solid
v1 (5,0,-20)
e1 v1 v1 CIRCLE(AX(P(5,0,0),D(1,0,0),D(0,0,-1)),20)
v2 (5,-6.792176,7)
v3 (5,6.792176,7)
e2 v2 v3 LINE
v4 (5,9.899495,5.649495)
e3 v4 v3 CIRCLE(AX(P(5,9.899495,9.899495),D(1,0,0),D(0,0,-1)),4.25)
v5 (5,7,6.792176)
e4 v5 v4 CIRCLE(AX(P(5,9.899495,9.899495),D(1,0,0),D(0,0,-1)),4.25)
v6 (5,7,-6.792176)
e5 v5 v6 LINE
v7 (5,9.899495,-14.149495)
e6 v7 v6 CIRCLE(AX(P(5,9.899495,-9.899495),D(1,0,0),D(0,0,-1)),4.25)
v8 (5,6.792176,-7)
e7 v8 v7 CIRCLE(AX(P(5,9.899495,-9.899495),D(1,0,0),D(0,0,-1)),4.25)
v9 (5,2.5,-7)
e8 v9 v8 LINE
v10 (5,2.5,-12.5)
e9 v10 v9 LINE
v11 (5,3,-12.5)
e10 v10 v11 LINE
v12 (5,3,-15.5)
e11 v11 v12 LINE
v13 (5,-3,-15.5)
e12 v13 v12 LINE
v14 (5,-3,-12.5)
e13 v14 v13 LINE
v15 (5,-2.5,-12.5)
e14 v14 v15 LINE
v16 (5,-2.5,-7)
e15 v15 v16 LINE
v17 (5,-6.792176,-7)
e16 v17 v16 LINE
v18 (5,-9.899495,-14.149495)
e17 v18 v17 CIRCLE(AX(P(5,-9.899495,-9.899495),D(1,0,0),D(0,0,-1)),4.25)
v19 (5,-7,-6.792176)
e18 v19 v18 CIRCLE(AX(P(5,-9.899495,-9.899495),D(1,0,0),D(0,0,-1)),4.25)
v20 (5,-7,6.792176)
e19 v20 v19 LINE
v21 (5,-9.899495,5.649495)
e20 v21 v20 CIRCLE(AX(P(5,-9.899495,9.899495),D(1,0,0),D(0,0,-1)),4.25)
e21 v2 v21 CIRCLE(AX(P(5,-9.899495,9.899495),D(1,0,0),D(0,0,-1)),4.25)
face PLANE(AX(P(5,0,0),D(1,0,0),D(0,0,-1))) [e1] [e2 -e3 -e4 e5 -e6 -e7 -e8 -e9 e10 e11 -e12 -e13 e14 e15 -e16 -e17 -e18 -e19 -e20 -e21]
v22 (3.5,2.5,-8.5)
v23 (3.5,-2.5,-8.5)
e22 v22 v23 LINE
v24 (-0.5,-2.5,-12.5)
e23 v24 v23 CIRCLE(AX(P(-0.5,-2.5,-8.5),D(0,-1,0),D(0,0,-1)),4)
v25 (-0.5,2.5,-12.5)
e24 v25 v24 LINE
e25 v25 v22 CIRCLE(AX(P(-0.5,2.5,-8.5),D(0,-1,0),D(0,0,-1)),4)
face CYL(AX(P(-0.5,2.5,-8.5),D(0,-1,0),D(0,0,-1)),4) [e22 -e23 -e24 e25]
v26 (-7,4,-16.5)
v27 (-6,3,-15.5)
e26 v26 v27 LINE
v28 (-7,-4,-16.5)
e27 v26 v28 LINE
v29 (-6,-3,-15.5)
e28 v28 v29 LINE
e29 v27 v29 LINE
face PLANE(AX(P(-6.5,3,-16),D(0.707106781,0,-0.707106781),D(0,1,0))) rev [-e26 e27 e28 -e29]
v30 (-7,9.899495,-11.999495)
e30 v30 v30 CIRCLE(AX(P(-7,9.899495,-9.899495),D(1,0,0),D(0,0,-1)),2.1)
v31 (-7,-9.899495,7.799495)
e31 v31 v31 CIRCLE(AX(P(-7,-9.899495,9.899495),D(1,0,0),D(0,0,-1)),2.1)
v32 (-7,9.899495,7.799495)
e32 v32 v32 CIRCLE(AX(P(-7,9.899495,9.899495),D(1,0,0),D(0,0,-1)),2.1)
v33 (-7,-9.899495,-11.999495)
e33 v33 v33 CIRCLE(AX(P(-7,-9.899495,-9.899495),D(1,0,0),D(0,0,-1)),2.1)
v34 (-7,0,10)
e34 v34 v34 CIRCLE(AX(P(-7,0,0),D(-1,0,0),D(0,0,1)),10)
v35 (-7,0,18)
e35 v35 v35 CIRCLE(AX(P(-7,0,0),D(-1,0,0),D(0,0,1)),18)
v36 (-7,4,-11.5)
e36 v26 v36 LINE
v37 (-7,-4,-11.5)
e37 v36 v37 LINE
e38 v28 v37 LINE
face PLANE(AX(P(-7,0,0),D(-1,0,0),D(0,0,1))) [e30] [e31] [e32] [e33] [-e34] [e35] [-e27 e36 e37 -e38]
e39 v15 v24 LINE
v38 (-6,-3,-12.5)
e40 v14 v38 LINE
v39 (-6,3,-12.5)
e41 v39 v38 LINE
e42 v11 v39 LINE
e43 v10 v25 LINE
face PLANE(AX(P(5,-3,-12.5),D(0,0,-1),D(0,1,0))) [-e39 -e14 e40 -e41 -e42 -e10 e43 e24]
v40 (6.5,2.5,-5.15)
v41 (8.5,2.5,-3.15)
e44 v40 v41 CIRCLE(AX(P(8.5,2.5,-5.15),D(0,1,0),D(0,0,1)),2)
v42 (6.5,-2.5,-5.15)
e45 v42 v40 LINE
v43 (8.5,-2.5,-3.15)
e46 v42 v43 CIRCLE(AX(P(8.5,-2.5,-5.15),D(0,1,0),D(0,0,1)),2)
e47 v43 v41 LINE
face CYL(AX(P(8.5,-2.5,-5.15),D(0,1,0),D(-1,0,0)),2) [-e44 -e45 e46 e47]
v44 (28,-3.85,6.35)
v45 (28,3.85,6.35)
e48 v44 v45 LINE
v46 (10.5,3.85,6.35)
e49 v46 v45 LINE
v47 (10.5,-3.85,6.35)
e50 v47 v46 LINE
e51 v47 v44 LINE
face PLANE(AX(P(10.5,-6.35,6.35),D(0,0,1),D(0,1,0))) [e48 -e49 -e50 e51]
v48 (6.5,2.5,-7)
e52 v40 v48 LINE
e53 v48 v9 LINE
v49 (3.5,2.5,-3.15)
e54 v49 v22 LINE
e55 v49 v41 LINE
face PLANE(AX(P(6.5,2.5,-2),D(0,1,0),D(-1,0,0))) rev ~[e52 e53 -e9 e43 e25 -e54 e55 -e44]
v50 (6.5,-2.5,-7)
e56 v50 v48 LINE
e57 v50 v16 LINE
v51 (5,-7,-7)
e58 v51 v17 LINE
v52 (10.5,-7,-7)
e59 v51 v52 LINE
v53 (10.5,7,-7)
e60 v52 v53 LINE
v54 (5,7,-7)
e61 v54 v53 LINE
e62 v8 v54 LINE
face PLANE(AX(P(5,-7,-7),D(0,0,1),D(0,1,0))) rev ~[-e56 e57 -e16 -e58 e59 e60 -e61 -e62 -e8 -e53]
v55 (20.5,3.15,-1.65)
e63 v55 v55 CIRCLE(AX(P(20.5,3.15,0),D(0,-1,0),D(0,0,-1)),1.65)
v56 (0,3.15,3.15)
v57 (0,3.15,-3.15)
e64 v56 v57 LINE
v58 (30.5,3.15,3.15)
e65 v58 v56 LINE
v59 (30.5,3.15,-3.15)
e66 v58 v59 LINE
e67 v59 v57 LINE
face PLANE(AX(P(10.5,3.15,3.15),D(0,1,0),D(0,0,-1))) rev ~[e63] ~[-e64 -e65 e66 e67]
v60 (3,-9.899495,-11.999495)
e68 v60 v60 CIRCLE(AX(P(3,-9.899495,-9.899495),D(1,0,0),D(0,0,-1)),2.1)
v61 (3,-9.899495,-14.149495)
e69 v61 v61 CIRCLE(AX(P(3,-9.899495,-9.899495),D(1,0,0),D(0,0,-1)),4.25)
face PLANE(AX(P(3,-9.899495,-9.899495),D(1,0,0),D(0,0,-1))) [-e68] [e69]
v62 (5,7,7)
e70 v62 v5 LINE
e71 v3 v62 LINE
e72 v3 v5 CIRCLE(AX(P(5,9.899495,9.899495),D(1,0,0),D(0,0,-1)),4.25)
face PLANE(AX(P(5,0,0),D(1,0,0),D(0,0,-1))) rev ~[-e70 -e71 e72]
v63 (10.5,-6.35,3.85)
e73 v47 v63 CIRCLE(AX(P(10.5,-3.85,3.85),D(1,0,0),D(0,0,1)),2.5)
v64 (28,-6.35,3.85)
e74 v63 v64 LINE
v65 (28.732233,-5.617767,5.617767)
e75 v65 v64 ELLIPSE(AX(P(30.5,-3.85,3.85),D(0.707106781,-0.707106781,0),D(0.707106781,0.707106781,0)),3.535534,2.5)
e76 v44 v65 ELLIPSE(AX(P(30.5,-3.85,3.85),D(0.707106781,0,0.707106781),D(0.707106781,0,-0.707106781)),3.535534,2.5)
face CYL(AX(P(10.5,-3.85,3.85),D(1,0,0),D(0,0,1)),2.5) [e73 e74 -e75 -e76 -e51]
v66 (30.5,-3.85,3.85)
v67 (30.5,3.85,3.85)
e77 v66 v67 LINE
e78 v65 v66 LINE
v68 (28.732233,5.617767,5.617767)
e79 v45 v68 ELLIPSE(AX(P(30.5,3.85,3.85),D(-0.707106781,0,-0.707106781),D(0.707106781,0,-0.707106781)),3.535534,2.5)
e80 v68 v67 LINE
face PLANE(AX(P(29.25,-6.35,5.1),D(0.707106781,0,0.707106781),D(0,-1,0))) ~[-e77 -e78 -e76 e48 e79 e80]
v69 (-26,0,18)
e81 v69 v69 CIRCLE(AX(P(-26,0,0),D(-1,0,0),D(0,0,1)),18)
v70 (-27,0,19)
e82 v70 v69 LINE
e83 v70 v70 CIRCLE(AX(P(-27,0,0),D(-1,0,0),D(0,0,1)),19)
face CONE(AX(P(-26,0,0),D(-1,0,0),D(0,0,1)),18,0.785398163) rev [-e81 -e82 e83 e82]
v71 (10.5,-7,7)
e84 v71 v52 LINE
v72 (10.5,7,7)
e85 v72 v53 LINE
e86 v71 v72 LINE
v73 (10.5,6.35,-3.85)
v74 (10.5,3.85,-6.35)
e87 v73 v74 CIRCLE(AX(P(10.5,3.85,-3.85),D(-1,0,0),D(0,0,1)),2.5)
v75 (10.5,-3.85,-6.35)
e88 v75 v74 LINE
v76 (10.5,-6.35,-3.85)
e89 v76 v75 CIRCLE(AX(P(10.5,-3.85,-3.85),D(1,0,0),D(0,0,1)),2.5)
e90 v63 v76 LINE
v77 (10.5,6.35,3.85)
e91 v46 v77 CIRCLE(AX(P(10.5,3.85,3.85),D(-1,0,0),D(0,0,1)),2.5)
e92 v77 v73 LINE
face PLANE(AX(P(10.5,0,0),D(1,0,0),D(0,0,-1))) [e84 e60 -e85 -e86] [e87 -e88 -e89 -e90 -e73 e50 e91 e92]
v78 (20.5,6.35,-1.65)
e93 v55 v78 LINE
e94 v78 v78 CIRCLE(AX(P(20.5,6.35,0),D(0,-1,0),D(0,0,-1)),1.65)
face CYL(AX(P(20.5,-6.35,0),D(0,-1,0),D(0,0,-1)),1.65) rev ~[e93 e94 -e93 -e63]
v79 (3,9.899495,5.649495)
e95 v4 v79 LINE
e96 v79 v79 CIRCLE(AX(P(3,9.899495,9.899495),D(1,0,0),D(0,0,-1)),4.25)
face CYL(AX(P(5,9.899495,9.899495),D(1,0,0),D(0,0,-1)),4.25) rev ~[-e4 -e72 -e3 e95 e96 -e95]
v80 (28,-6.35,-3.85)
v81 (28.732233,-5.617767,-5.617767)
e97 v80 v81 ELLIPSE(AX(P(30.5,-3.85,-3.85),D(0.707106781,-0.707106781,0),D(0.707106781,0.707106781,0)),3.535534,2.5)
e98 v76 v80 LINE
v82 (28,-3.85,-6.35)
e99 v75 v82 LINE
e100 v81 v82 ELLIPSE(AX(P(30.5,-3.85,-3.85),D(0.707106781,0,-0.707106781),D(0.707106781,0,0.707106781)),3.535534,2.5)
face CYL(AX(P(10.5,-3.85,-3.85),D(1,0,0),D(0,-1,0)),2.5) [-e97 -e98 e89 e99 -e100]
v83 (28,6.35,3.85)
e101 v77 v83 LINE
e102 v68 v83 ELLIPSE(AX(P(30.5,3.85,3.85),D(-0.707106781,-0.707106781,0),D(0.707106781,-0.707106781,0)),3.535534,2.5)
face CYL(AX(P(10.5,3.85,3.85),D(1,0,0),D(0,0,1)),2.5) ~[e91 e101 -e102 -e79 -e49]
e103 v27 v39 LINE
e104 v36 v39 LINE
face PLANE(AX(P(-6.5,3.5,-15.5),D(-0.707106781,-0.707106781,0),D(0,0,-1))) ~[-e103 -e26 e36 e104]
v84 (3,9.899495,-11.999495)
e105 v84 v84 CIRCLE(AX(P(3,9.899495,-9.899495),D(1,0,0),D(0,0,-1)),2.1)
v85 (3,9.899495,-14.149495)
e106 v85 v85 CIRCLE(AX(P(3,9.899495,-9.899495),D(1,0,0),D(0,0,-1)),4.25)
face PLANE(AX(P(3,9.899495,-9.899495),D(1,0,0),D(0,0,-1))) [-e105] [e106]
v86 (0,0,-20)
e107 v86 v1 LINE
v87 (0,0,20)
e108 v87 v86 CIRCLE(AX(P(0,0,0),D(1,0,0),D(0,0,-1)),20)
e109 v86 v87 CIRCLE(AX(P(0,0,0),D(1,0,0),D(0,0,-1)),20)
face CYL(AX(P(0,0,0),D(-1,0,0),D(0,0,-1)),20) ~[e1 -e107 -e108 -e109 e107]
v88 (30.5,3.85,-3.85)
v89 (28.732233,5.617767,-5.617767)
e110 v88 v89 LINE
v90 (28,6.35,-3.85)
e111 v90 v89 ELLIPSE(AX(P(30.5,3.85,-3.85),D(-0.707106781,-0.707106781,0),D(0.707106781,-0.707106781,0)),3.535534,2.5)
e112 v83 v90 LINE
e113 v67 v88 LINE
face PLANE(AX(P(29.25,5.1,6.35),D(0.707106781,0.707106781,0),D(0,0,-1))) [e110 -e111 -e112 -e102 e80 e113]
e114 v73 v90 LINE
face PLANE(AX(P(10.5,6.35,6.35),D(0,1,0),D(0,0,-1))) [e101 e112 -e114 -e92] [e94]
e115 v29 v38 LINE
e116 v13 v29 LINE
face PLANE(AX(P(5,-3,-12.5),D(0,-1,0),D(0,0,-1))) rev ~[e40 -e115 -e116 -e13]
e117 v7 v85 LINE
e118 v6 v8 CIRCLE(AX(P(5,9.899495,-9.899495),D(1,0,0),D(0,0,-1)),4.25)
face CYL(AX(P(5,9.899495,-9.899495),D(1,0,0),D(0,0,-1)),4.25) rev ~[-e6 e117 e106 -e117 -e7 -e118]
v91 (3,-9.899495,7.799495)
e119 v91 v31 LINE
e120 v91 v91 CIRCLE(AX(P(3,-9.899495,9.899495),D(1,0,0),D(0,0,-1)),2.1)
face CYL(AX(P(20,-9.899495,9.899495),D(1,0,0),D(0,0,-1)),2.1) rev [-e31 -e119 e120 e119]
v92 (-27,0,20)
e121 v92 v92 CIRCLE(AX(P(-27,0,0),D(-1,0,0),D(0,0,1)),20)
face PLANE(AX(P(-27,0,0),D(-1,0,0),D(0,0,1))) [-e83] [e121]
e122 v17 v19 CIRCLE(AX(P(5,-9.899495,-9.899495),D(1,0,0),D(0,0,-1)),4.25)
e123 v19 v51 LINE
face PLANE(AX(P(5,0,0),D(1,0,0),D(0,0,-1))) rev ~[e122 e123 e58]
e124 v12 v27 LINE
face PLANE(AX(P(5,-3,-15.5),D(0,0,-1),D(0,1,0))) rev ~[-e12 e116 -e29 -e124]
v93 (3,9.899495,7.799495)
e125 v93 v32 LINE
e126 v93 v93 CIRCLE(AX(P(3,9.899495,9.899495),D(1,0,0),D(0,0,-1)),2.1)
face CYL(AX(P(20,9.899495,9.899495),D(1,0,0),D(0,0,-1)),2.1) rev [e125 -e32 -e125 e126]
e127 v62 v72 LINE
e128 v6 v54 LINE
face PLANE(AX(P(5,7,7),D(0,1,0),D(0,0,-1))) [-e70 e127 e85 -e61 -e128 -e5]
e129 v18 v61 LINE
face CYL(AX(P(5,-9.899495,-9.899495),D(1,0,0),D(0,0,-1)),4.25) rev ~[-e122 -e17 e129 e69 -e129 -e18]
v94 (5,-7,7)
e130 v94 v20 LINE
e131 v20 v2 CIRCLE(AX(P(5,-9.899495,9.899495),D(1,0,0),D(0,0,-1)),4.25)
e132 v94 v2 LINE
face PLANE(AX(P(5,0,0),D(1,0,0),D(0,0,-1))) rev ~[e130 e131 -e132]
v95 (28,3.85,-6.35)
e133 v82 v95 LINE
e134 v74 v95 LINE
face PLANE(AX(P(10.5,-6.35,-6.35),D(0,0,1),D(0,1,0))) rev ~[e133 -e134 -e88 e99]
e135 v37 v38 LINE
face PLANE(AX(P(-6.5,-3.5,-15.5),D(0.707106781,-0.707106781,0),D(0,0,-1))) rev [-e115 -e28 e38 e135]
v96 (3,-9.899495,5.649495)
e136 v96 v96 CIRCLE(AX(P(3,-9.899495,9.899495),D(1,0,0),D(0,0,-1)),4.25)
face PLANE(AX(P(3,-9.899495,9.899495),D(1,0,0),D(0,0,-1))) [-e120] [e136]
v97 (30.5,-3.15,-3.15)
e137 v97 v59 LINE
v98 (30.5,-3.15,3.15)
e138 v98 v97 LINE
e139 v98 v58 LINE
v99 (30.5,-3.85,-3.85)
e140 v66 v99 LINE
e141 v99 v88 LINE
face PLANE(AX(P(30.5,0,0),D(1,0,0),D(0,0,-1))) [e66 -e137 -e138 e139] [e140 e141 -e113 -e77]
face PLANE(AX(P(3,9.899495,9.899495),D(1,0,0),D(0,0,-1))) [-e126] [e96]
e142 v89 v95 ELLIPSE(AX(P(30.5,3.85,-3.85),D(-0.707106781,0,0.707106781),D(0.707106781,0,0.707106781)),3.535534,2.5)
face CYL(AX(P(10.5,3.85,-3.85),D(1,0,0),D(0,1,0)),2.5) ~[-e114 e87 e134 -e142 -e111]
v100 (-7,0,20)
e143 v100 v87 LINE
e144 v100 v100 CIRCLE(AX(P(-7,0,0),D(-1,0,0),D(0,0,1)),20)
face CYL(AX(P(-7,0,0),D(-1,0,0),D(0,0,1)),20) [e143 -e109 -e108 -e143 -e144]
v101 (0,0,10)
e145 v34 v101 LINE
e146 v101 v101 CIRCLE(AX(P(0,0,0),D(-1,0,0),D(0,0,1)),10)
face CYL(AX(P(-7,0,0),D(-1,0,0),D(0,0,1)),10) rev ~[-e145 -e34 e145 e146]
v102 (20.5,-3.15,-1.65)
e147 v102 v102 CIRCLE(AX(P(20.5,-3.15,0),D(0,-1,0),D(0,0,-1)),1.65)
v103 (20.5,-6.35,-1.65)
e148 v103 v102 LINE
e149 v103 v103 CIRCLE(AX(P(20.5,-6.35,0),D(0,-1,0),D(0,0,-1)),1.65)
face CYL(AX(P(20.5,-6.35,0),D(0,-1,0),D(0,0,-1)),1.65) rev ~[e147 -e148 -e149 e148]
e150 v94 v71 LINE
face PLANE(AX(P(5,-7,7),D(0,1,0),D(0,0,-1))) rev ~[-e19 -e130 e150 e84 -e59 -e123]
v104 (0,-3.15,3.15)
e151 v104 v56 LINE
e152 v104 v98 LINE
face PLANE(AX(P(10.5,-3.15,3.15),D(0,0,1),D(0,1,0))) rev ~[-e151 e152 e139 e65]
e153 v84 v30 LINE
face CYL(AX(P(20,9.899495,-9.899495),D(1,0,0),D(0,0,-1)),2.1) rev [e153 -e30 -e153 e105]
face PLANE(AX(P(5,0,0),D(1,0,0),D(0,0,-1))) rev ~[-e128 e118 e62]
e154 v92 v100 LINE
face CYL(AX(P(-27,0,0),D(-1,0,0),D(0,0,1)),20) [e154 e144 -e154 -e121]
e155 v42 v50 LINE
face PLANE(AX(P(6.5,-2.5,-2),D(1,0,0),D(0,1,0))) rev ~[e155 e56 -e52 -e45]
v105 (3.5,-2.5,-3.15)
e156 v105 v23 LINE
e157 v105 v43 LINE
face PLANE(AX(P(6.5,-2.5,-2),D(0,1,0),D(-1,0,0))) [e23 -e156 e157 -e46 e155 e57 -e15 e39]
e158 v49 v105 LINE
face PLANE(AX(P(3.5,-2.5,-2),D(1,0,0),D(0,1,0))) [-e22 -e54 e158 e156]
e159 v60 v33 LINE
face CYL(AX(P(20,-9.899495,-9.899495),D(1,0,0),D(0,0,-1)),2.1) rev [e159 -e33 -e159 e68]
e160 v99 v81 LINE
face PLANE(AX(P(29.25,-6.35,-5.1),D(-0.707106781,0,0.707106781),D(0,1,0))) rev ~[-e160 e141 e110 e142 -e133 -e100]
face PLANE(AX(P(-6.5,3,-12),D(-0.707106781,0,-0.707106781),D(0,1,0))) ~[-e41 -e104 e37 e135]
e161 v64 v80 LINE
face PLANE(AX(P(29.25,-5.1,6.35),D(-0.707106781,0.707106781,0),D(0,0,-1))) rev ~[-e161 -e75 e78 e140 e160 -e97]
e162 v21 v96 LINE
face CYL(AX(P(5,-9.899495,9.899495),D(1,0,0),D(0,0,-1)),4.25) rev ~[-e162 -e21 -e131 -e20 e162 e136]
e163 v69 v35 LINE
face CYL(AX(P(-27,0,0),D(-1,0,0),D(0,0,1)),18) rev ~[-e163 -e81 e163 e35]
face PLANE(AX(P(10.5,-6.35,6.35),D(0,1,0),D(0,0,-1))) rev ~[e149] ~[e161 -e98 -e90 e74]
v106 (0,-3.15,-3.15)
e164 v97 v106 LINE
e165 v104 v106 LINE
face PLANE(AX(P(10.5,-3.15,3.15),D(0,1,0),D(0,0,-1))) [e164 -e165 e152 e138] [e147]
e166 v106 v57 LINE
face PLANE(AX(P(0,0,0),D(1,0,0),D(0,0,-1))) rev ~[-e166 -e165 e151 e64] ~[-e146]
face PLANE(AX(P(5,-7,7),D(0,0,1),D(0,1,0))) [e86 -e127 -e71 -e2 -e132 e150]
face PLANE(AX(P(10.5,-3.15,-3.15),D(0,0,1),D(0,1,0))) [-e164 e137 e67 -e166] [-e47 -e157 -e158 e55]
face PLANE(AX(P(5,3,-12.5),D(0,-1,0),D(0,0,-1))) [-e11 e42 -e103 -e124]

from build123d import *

# Parameters (mm, degrees)
SKETCH_1_R               = 20
EXTRUDE_1_DEPTH          = 5
SKETCH_2_W               = 6.3
SKETCH_2_H               = 6.3
CUT_EXTRUDE_1_DEPTH      = 5
EXTRUDE_START            = 7
SKETCH_4_R               = 20
SKETCH_4_R_2             = 10
EXTRUDE_2_DEPTH          = 7
CUT_EXTRUDE_2_DEPTH      = 20
CUT_EXTRUDE_2_DEPTH_BACK = 20
SKETCH_3_R               = 2.1
SKETCH_5_W               = 3
SKETCH_5_H               = 6
CUT_EXTRUDE_3_DEPTH      = 13
CHAMFER_1_SIZE           = 1
EXTRUDE_START_2          = 20
SKETCH_6_R               = 20
SKETCH_6_R_2             = 18
EXTRUDE_3_DEPTH          = 20
CHAMFER_2_SIZE           = 1
SKETCH_7_R               = 4.25
CUT_EXTRUDE_4_DEPTH      = 2
SKETCH_8_W               = 14
SKETCH_8_H               = 14
EXTRUDE_4_DEPTH          = 5.5
SKETCH_9_W               = 6.3
SKETCH_9_H               = 6.3
CUT_EXTRUDE_5_DEPTH      = 10
CUT_EXTRUDE_6_DEPTH      = 6
CUT_EXTRUDE_6_DEPTH_BACK = 5
SKETCH_10_W              = 3
SKETCH_10_H              = 5
FILLET_1_R               = 4
FILLET_2_R               = 2
SKETCH_11_W              = 12.7
SKETCH_11_H              = 12.7
SKETCH_11_W_2            = 6.3
SKETCH_11_H_2            = 6.3
EXTRUDE_5_DEPTH          = 20
CHAMFER_3_SIZE           = 2.5
SKETCH_12_R              = 1.65
CUT_EXTRUDE_7_DEPTH      = 20
FILLET_3_R               = 2.5


with BuildPart() as part:
    # 草图1 → 凸台-拉伸1 (new body)
    with BuildSketch(Plane(origin=(0, 0, 0), x_dir=(0, 0, -1), z_dir=(1, 0, 0))):
        Circle(SKETCH_1_R)
    extrude(amount=EXTRUDE_1_DEPTH)

    # 草图2 → 切除-拉伸1 (cut)
    with BuildSketch(Plane(origin=(5, 0, 0), x_dir=(0, 0, -1), z_dir=(1, 0, 0))):
        Rectangle(SKETCH_2_W, SKETCH_2_H)
    extrude(amount=-CUT_EXTRUDE_1_DEPTH, mode=Mode.SUBTRACT)

    # 草图4 → 凸台-拉伸2 (add)
    with BuildSketch(Plane.ZY.offset(EXTRUDE_START)):
        Circle(SKETCH_4_R)
        Circle(SKETCH_4_R_2, mode=Mode.SUBTRACT)
    extrude(amount=-EXTRUDE_2_DEPTH)

    # 草图3 → 切除-拉伸2 (cut, two sides: drawn at the far end of the back side and taken through both)
    with BuildSketch(Plane.ZY.offset(-CUT_EXTRUDE_2_DEPTH_BACK)):
        with Locations(Location((9.899494937, -9.899494937, 0), (0, 0, 180))):
            Circle(SKETCH_3_R)
        with Locations(Location((-9.899494937, -9.899494937, 0), (0, 0, 180))):
            Circle(SKETCH_3_R)
        with Locations(Location((-9.899494937, 9.899494937, 0), (0, 0, 180))):
            Circle(SKETCH_3_R)
        with Locations(Location((9.899494937, 9.899494937, 0), (0, 0, 180))):
            Circle(SKETCH_3_R)
    extrude(amount=CUT_EXTRUDE_2_DEPTH + CUT_EXTRUDE_2_DEPTH_BACK, mode=Mode.SUBTRACT)

    # 草图5 → 切除-拉伸3 (cut)
    with BuildSketch(Plane(origin=(5, 0, 0), x_dir=(0, 0, -1), z_dir=(1, 0, 0))):
        with Locations((14, 0)):
            Rectangle(SKETCH_5_W, SKETCH_5_H)
    extrude(amount=-CUT_EXTRUDE_3_DEPTH, mode=Mode.SUBTRACT)

    # 倒角1
    chamfer_1_edges = [part.edges().sort_by_distance(p)[0] for p in [
        (-7, -3, -14),
        (-7, 0, -15.5),
        (-7, 3, -14),
        (-7, 0, -12.5),
    ]]
    chamfer(chamfer_1_edges, length=CHAMFER_1_SIZE)

    # 草图6 → 凸台-拉伸3 (add)
    with BuildSketch(Plane.ZY.offset(7).offset(EXTRUDE_START_2)):
        Circle(SKETCH_6_R)
        Circle(SKETCH_6_R_2, mode=Mode.SUBTRACT)
    extrude(amount=-EXTRUDE_3_DEPTH)

    # 倒角2
    chamfer_2_edges = [part.edges().sort_by_distance(p)[0] for p in [
        (-27, 0, -18),
    ]]
    chamfer(chamfer_2_edges, length=CHAMFER_2_SIZE)

    # 草图7 → 切除-拉伸4 (cut)
    with BuildSketch(Plane(origin=(5, 0, 0), x_dir=(0, 0, -1), z_dir=(1, 0, 0))):
        with Locations((-9.899494937, 9.899494937)):
            Circle(SKETCH_7_R)
        with Locations((9.899494937, 9.899494937)):
            Circle(SKETCH_7_R)
        with Locations((9.899494937, -9.899494937)):
            Circle(SKETCH_7_R)
        with Locations((-9.899494937, -9.899494937)):
            Circle(SKETCH_7_R)
    extrude(amount=-CUT_EXTRUDE_4_DEPTH, mode=Mode.SUBTRACT)

    # 草图8 → 凸台-拉伸4 (add)
    with BuildSketch(Plane(origin=(5, 0, 0), x_dir=(0, 0, -1), z_dir=(1, 0, 0))):
        Rectangle(SKETCH_8_W, SKETCH_8_H)
    extrude(amount=EXTRUDE_4_DEPTH)

    # 草图9 → 切除-拉伸5 (cut)
    with BuildSketch(Plane.ZY.offset(-5)):
        Rectangle(SKETCH_9_W, SKETCH_9_H)
    extrude(amount=-CUT_EXTRUDE_5_DEPTH, mode=Mode.SUBTRACT)

    # 草图10 → 切除-拉伸6 (cut, two sides: drawn at the far end of the back side and taken through both)
    with BuildSketch(Plane(origin=(0, 0, -7), x_dir=(-1, 0, 0), z_dir=(0, 0, -1)).offset(-CUT_EXTRUDE_6_DEPTH_BACK)):
        with Locations((-5, 0)):
            Rectangle(SKETCH_10_W, SKETCH_10_H)
    extrude(amount=CUT_EXTRUDE_6_DEPTH + CUT_EXTRUDE_6_DEPTH_BACK, mode=Mode.SUBTRACT)

    # 圆角1
    fillet_1_edges = [part.edges().sort_by_distance(p)[0] for p in [
        (3.5, 0, -12.5),
    ]]
    fillet(fillet_1_edges, radius=FILLET_1_R)

    # 圆角2
    fillet_2_edges = [part.edges().sort_by_distance(p)[0] for p in [
        (6.5, 0, -3.15),
    ]]
    fillet(fillet_2_edges, radius=FILLET_2_R)

    # 草图11 → 凸台-拉伸5 (add)
    with BuildSketch(Plane(origin=(10.5, 0, 0), x_dir=(0, 0, -1), z_dir=(1, 0, 0))):
        Rectangle(SKETCH_11_W, SKETCH_11_H)
        Rectangle(SKETCH_11_W_2, SKETCH_11_H_2, mode=Mode.SUBTRACT)
    extrude(amount=EXTRUDE_5_DEPTH)

    # 倒角3
    chamfer_3_edges = [part.edges().sort_by_distance(p)[0] for p in [
        (30.5, 0, 6.35),
        (30.5, -6.35, 0),
        (30.5, 0, -6.35),
        (30.5, 6.35, 0),
    ]]
    chamfer(chamfer_3_edges, length=CHAMFER_3_SIZE)

    # 草图12 → 切除-拉伸7 (cut)
    with BuildSketch(Plane.XZ.offset(6.35)):
        with Locations(Location((20.5, 0, 0), (0, 0, 270))):
            Circle(SKETCH_12_R)
    extrude(amount=-CUT_EXTRUDE_7_DEPTH, mode=Mode.SUBTRACT)

    # 圆角3
    fillet_3_edges = [part.edges().sort_by_distance(p)[0] for p in [
        (19.25, 6.35, 6.35),
        (19.25, 6.35, -6.35),
        (19.25, -6.35, -6.35),
        (19.25, -6.35, 6.35),
    ]]
    fillet(fillet_3_edges, radius=FILLET_3_R)


solid = part.part
